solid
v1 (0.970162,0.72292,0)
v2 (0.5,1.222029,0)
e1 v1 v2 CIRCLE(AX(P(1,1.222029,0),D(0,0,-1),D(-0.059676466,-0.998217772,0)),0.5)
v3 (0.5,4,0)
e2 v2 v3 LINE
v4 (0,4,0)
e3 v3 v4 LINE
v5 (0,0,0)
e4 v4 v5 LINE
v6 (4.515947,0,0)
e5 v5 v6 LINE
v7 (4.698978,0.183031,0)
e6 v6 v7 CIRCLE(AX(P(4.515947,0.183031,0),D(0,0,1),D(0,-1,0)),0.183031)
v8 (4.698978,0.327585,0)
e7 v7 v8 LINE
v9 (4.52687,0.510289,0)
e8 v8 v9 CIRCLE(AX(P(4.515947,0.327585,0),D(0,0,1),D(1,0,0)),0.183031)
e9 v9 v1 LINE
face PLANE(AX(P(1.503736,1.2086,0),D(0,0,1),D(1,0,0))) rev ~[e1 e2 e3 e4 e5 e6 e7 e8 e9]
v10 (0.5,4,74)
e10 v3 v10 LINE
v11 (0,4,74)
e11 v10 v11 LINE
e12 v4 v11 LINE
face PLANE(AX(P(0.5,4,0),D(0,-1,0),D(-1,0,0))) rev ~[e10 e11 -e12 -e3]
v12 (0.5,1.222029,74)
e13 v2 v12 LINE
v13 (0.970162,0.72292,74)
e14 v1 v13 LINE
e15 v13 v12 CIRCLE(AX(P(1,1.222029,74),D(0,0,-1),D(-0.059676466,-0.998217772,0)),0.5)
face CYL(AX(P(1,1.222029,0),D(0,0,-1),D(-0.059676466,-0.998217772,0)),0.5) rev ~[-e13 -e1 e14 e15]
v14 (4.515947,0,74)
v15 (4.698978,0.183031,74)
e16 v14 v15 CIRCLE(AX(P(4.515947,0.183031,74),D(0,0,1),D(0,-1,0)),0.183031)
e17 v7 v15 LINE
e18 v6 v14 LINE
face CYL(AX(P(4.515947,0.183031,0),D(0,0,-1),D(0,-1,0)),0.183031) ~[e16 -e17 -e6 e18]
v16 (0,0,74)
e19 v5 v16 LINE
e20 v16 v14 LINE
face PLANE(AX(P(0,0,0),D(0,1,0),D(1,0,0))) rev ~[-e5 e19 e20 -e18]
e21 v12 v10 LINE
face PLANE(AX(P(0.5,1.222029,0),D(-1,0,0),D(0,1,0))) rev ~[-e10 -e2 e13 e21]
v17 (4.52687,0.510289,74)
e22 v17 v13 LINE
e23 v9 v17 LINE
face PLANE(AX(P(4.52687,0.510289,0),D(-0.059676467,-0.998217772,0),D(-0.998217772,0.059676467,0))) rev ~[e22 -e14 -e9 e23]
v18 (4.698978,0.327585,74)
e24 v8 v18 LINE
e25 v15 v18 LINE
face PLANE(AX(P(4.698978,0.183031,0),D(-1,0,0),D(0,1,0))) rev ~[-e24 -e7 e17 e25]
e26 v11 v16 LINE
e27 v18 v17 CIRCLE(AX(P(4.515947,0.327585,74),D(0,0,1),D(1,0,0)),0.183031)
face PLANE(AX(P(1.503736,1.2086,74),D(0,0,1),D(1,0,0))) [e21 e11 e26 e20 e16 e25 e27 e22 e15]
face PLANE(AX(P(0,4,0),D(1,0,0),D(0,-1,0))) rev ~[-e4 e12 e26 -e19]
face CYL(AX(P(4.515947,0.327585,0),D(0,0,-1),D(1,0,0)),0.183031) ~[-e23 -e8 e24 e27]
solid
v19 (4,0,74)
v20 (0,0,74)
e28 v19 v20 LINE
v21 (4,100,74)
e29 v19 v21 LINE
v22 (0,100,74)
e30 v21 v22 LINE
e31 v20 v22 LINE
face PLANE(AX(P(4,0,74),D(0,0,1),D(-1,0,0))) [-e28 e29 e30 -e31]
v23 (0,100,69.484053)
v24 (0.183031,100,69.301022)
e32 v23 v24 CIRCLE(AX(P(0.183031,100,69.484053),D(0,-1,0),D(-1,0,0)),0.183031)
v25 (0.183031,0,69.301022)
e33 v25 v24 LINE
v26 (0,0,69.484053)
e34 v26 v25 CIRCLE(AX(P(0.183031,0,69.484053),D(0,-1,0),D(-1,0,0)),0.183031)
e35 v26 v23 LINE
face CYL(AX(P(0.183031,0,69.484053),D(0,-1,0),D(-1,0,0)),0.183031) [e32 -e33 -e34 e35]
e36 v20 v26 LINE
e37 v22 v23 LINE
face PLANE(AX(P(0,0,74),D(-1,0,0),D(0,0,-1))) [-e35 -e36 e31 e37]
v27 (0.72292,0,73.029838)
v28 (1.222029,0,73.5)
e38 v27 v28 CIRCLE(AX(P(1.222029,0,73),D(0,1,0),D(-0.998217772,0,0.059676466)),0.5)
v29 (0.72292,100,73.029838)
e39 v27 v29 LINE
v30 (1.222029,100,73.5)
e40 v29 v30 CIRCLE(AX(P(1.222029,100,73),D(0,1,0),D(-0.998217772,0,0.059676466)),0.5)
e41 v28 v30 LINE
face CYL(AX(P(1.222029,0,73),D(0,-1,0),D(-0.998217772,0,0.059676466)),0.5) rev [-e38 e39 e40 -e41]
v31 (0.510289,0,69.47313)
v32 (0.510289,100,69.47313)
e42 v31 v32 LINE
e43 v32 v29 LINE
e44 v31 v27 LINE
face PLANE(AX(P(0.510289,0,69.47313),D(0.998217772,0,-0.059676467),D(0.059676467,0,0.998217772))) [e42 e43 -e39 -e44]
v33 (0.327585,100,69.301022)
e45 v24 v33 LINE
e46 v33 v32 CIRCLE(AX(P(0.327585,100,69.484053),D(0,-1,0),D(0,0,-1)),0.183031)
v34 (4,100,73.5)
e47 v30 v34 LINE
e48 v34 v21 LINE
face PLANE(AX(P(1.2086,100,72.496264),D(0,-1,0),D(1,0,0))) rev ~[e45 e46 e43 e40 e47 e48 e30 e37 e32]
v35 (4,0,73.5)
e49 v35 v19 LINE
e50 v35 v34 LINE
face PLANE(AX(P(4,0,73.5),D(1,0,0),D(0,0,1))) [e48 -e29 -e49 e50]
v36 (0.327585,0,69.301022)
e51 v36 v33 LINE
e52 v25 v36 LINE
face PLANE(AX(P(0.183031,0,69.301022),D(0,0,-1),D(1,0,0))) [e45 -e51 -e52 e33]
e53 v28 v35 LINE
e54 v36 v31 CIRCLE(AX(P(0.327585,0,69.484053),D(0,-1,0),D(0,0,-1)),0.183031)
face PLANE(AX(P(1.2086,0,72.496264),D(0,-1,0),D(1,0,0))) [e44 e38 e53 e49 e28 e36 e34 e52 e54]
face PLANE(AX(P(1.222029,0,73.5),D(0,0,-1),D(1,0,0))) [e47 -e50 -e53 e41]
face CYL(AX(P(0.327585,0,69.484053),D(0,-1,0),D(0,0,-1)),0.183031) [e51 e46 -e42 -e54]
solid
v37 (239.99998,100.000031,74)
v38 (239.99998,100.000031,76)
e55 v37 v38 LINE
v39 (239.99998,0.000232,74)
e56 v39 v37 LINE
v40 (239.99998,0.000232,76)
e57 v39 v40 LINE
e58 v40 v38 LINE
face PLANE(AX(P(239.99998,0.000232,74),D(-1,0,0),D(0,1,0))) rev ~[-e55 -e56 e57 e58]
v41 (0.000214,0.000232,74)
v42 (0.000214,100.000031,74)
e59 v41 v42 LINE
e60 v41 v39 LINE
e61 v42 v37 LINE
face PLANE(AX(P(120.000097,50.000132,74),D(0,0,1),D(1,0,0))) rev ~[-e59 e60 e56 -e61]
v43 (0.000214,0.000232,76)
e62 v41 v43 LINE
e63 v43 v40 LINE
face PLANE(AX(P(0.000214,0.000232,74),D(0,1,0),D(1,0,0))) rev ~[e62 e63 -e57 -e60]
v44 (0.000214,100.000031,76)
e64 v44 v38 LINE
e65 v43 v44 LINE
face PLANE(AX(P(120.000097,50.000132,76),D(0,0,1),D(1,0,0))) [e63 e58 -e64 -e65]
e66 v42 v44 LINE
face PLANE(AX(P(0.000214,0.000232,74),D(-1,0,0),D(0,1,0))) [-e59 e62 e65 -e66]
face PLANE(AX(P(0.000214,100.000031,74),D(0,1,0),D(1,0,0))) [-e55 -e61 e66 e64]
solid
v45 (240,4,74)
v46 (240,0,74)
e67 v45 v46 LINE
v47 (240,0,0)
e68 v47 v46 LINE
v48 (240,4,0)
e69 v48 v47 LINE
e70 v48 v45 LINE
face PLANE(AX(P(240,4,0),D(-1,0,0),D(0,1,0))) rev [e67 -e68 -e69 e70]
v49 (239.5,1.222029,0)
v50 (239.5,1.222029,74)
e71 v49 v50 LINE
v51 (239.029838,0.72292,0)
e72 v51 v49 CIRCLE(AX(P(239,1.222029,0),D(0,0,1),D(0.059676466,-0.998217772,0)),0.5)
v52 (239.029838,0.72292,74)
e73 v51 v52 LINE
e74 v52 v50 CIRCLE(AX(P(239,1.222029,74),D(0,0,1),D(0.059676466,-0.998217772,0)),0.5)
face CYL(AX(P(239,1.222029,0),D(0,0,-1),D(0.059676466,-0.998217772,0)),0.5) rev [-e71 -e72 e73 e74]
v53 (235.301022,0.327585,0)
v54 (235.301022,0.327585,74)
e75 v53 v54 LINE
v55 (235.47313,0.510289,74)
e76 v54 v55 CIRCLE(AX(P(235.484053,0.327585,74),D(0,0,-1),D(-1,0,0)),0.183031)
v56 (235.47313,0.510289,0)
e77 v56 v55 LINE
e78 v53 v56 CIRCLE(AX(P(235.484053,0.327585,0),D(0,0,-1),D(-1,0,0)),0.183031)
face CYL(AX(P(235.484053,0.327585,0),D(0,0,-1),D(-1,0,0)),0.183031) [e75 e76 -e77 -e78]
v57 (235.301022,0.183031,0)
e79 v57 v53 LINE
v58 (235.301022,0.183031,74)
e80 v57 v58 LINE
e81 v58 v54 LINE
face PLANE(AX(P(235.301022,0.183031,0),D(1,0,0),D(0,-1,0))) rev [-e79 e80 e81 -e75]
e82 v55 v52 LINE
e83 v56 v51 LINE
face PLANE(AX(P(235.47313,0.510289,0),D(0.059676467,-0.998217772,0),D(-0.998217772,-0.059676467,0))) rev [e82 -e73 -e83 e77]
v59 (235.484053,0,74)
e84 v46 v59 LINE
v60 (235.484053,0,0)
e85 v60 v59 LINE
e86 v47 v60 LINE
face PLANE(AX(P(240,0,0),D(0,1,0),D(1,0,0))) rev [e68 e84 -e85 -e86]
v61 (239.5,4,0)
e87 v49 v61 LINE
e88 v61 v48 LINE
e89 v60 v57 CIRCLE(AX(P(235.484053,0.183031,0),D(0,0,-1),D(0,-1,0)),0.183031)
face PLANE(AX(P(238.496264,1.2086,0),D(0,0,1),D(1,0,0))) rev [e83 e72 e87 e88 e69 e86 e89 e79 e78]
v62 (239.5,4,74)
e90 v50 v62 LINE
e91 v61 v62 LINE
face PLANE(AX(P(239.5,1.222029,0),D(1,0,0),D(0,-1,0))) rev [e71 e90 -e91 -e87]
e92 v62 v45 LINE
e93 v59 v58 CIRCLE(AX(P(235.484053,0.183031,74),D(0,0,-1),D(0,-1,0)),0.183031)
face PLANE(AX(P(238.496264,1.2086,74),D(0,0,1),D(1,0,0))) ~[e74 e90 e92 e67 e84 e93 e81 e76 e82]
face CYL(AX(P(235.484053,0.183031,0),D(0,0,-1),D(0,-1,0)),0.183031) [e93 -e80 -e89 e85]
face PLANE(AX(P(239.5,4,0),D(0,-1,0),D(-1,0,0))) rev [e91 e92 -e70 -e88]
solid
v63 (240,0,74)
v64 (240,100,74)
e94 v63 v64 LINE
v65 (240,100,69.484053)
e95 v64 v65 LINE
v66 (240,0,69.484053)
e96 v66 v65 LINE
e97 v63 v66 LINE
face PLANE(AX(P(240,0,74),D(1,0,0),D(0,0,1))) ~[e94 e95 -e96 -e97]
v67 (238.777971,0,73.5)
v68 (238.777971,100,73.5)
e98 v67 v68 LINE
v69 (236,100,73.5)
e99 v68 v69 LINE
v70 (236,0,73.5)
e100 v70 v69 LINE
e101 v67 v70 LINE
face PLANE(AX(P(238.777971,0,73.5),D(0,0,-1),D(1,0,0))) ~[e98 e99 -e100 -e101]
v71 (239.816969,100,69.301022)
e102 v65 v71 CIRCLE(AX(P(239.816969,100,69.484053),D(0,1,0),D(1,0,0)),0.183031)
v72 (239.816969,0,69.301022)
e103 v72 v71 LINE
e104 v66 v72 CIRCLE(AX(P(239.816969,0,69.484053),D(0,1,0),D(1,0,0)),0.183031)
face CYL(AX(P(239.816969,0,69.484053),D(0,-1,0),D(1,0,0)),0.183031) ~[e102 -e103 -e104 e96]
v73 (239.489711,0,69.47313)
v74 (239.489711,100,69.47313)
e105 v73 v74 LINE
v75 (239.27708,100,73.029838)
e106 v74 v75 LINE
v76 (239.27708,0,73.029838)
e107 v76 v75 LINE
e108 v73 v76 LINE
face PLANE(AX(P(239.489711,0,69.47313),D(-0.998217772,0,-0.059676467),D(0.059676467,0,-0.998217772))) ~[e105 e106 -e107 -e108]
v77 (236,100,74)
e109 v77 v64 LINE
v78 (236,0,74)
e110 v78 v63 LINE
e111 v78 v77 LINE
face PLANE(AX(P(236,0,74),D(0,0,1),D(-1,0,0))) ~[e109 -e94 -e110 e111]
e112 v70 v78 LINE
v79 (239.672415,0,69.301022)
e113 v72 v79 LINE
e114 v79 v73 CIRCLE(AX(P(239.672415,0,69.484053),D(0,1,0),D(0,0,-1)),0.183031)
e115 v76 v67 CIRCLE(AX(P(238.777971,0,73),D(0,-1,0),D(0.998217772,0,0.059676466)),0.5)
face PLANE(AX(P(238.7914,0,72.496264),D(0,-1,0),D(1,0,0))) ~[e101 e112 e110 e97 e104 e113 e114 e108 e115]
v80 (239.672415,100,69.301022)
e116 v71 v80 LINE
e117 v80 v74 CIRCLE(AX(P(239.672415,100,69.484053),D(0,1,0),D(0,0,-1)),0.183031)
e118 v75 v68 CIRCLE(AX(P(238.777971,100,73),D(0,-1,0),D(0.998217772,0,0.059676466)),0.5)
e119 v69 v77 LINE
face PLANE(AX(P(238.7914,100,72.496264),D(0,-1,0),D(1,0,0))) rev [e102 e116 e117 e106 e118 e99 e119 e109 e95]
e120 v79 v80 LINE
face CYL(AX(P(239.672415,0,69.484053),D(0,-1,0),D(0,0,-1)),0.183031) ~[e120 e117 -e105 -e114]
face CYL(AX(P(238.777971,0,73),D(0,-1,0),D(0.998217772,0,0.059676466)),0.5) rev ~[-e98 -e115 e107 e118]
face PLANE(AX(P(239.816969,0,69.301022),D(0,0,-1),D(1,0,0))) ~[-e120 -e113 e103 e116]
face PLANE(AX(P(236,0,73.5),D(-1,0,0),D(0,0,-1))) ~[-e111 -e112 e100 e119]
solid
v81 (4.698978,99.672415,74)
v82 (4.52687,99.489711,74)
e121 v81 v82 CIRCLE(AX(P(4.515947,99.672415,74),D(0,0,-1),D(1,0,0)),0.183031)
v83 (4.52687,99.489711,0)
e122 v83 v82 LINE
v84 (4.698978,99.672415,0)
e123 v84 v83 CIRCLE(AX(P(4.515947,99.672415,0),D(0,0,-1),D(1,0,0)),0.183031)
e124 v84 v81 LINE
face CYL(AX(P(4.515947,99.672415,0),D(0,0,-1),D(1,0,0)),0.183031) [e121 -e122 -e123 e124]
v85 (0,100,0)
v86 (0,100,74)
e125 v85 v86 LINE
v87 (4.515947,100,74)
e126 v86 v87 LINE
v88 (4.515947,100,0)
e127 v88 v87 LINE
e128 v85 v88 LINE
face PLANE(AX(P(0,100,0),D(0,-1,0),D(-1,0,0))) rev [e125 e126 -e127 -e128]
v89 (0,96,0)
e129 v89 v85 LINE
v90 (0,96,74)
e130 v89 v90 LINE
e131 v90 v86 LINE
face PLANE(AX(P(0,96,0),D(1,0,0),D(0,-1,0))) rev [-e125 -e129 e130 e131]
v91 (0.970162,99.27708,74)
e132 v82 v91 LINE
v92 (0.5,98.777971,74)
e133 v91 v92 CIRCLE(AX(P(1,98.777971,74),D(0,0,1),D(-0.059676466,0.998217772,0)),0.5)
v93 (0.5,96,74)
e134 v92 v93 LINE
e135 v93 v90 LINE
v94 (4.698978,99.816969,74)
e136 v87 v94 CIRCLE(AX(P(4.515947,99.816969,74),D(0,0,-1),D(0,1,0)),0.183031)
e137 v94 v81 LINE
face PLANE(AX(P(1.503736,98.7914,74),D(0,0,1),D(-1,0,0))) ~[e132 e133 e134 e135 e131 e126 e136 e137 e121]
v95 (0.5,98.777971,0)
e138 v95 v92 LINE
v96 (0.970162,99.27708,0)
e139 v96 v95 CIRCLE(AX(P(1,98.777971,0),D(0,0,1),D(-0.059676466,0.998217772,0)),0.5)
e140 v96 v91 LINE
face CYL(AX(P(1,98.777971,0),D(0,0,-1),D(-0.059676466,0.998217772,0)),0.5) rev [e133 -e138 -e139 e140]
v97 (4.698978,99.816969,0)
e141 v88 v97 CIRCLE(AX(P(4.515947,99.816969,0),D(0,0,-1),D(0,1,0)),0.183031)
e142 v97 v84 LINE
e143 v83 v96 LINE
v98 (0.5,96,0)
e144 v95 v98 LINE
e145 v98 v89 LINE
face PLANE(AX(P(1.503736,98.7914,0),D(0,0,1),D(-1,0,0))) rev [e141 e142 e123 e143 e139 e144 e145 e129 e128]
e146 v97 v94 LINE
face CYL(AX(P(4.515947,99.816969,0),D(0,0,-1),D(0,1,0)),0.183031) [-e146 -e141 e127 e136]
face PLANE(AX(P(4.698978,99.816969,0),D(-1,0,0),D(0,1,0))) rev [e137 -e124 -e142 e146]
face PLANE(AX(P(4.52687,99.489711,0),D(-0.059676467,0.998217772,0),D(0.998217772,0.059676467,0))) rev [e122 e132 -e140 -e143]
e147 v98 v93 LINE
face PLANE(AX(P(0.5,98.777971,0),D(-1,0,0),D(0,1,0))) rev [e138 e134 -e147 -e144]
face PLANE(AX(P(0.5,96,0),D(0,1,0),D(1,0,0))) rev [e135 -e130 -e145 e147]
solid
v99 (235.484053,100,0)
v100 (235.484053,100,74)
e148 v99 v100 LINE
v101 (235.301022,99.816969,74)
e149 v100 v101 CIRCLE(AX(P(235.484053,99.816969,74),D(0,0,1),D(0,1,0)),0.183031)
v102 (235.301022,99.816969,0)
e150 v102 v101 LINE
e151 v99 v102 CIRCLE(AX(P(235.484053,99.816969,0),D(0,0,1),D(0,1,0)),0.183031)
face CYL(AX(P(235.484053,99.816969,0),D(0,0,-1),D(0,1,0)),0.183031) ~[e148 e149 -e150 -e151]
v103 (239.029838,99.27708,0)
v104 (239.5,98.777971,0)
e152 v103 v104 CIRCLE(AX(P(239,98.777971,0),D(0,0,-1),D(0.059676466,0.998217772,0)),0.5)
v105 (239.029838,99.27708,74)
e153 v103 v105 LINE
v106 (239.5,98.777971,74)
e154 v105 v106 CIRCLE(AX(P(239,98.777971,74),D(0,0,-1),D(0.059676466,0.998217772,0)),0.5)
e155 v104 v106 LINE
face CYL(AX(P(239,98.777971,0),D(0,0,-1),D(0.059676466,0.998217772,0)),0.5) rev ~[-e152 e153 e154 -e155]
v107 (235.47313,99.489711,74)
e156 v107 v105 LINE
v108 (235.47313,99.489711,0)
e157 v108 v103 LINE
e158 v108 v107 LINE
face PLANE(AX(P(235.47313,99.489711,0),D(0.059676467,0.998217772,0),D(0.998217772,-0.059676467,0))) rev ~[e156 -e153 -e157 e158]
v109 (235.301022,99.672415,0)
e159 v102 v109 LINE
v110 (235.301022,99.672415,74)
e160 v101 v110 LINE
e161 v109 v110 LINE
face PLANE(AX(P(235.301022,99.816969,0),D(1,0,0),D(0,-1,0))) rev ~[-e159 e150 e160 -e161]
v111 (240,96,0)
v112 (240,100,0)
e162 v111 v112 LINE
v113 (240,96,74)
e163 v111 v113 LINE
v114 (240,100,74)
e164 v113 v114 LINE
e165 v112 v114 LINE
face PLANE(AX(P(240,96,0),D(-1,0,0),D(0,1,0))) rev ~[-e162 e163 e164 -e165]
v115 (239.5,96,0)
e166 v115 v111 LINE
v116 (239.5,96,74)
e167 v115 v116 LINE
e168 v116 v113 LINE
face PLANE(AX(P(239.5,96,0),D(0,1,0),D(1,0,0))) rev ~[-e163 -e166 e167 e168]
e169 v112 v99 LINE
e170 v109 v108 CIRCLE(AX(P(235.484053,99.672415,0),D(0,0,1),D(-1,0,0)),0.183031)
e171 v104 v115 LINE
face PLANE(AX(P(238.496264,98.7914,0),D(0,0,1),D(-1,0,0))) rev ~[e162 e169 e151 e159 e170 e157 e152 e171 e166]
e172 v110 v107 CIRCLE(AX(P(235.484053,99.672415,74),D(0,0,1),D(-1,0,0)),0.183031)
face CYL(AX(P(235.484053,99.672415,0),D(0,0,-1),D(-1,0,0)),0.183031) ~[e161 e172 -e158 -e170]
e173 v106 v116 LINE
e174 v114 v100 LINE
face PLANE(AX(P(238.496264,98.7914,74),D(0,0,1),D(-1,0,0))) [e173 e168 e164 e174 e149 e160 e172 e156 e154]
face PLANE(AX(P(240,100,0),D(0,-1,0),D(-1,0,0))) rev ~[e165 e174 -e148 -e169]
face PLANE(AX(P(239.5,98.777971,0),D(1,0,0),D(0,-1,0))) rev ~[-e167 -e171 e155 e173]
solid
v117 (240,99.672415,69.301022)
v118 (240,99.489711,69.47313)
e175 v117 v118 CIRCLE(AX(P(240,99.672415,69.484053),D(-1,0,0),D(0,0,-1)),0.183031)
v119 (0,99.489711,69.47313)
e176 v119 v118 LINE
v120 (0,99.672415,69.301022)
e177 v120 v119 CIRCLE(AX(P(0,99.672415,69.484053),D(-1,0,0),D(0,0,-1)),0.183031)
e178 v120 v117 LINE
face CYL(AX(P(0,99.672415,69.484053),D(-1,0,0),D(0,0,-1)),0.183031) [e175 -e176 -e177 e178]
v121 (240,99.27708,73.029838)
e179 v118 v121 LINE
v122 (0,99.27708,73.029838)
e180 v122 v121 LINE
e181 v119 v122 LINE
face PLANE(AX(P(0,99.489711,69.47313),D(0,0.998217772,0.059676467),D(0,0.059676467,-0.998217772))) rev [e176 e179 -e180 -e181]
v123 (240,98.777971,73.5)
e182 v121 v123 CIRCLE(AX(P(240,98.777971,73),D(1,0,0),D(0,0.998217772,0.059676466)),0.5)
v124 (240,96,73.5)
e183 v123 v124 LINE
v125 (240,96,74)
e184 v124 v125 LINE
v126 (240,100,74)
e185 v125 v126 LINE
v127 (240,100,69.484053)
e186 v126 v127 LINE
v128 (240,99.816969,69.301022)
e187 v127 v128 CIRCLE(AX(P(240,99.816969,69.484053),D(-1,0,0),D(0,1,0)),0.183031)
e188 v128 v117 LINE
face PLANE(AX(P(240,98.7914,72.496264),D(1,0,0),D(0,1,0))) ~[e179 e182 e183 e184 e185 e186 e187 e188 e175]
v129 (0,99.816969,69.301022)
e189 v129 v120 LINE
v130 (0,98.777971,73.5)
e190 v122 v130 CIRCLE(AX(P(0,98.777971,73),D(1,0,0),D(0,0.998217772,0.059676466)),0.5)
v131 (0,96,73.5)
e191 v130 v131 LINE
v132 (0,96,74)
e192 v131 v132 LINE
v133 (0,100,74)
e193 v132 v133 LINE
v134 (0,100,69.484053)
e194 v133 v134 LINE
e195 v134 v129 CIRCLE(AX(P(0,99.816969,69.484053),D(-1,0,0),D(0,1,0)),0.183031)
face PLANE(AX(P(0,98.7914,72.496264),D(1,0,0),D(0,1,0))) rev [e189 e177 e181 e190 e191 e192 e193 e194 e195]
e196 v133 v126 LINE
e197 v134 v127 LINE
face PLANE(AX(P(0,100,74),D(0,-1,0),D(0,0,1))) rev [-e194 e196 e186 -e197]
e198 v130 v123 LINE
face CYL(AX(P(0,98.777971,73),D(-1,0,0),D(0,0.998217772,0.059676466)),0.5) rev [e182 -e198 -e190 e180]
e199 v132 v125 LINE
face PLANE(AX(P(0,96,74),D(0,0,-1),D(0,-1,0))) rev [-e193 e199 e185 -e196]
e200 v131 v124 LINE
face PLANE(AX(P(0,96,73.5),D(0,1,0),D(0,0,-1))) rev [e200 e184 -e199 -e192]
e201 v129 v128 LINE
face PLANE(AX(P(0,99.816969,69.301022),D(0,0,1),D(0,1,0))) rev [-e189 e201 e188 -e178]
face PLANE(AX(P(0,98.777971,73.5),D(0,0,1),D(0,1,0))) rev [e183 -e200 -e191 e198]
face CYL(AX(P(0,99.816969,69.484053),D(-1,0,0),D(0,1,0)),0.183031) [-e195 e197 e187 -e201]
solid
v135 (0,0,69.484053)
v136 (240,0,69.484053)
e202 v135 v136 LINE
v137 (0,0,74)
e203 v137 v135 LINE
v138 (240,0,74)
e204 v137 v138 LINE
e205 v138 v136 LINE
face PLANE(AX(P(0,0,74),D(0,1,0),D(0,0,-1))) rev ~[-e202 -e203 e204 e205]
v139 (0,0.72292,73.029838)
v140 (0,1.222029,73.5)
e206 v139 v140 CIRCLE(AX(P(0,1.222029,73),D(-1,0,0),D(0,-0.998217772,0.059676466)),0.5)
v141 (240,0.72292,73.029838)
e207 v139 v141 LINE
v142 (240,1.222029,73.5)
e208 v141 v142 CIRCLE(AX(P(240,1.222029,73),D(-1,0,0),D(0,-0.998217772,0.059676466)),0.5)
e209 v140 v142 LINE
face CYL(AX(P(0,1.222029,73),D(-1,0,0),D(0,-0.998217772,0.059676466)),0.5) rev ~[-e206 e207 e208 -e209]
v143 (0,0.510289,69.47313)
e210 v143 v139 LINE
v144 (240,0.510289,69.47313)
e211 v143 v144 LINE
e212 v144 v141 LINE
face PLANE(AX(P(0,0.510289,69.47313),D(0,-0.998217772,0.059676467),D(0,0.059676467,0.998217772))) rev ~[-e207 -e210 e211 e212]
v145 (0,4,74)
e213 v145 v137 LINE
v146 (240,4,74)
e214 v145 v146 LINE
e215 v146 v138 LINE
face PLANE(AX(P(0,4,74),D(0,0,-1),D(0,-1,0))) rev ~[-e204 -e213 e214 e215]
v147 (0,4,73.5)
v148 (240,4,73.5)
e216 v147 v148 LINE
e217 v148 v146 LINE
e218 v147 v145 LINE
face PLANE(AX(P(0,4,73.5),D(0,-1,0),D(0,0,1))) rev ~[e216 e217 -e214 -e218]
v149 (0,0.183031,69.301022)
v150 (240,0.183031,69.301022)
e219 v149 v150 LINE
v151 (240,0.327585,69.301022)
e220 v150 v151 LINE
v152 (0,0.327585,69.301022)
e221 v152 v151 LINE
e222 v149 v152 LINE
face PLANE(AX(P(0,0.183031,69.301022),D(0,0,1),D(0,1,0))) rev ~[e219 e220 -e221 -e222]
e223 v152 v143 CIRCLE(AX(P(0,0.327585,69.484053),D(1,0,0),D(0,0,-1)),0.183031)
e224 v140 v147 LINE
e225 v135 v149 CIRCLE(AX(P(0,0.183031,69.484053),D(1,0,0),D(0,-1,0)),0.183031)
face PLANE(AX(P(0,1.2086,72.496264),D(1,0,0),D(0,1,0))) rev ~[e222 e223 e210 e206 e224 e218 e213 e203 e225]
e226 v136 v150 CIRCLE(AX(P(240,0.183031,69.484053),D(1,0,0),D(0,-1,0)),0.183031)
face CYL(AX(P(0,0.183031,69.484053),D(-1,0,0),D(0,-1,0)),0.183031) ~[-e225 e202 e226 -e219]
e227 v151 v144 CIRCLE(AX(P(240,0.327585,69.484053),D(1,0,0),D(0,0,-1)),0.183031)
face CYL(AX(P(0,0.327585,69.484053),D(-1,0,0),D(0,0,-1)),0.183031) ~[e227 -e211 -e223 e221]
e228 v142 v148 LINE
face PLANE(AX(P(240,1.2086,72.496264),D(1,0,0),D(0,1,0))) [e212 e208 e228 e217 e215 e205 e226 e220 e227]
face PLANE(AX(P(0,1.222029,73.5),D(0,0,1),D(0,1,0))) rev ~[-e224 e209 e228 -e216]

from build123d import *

# Parameters (mm, degrees)
F1_DEPTH  = 74
F7_DEPTH  = 240
F11_DEPTH = 100
F15_START = 74
F14_W     = 239.9997659668
F14_H     = 99.9997994222
F15_DEPTH = 2


with BuildPart() as f1:
    # F0 (on Top) → F1 (new body)
    with BuildSketch(Plane.XY):
        with BuildLine():
            Line((0, 4), (0, 0))
            Line((0, 0), (4.515946983, 0))
            ThreePointArc((4.515946983, 0), (4.6453692955, 0.0536084771), (4.6989777726, 0.1830307896))
            Line((4.6989777726, 0.1830307896), (4.6989777726, 0.3275845574))
            ThreePointArc((4.6989777726, 0.3275845574), (4.6491750725, 0.4530857371), (4.5268696138, 0.5102891444))
            Line((4.5268696138, 0.5102891444), (0.9701617667, 0.7229198578))
            ThreePointArc((0.9701617667, 0.7229198578), (0.6360500607, 0.8791870283), (0.5, 1.2220287435))
            Line((0.5, 1.2220287435), (0.5, 4))
            Line((0.5, 4), (0, 4))
        make_face()
    extrude(amount=F1_DEPTH)


with BuildPart() as f3_1:
    # F3: instance of F1
    add(f1.part.mirror(Plane.XZ.offset(-50)))


with BuildPart() as f5_1:
    # F5: instance of F1
    add(f1.part.mirror(Plane.YZ.offset(120)))


with BuildPart() as f5_2:
    # F5: instance of F3_1
    add(f3_1.part.mirror(Plane.YZ.offset(120)))


with BuildPart() as f7:
    # F6 (on Right) → F7 (new body)
    with BuildSketch(Plane.YZ):
        with BuildLine():
            Line((0.1830307896, 69.3010222274), (0.3275845574, 69.3010222274))
            ThreePointArc((0.3275845574, 69.3010222274), (0.4530857371, 69.3508249275), (0.5102891444, 69.4731303862))
            Line((0.5102891444, 69.4731303862), (0.7229198578, 73.0298382333))
            ThreePointArc((0.7229198578, 73.0298382333), (0.8791870283, 73.3639499393), (1.2220287435, 73.5))
            Line((1.2220287435, 73.5), (4, 73.5))
            Line((4, 73.5), (4, 74))
            Line((4, 74), (0, 74))
            Line((0, 74), (0, 69.484053017))
            ThreePointArc((0, 69.484053017), (0.0536084771, 69.3546307045), (0.1830307896, 69.3010222274))
        make_face()
    extrude(amount=F7_DEPTH)


with BuildPart() as f9_1:
    # F9: instance of F7
    add(f7.part.mirror(Plane.XZ.offset(-50)))


with BuildPart() as f11:
    # F10 (on Front) → F11 (new body)
    with BuildSketch(Plane.XZ):
        with BuildLine():
            Line((0.1830307896, 69.3010222274), (0.3275845574, 69.3010222274))
            ThreePointArc((0.3275845574, 69.3010222274), (0.4530857371, 69.3508249275), (0.5102891444, 69.4731303862))
            Line((0.5102891444, 69.4731303862), (0.7229198578, 73.0298382333))
            ThreePointArc((0.7229198578, 73.0298382333), (0.8791870283, 73.3639499393), (1.2220287435, 73.5))
            Line((1.2220287435, 73.5), (4, 73.5))
            Line((4, 73.5), (4, 74))
            Line((4, 74), (0, 74))
            Line((0, 74), (0, 69.484053017))
            ThreePointArc((0, 69.484053017), (0.0536084771, 69.3546307045), (0.1830307896, 69.3010222274))
        make_face()
    extrude(amount=-F11_DEPTH)


with BuildPart() as f13_1:
    # F13: instance of F11
    add(f11.part.mirror(Plane.YZ.offset(120)))


with BuildPart() as f15:
    # F14 (on Top) → F15 (new body)
    with BuildSketch(Plane.XY.offset(F15_START)):
        with Locations((120.000096751, 50.0001315813)):
            Rectangle(F14_W, F14_H)
    extrude(amount=F15_DEPTH)


solid = Compound([f1.part, f3_1.part, f5_1.part, f5_2.part, f7.part, f9_1.part, f11.part, f13_1.part, f15.part])
